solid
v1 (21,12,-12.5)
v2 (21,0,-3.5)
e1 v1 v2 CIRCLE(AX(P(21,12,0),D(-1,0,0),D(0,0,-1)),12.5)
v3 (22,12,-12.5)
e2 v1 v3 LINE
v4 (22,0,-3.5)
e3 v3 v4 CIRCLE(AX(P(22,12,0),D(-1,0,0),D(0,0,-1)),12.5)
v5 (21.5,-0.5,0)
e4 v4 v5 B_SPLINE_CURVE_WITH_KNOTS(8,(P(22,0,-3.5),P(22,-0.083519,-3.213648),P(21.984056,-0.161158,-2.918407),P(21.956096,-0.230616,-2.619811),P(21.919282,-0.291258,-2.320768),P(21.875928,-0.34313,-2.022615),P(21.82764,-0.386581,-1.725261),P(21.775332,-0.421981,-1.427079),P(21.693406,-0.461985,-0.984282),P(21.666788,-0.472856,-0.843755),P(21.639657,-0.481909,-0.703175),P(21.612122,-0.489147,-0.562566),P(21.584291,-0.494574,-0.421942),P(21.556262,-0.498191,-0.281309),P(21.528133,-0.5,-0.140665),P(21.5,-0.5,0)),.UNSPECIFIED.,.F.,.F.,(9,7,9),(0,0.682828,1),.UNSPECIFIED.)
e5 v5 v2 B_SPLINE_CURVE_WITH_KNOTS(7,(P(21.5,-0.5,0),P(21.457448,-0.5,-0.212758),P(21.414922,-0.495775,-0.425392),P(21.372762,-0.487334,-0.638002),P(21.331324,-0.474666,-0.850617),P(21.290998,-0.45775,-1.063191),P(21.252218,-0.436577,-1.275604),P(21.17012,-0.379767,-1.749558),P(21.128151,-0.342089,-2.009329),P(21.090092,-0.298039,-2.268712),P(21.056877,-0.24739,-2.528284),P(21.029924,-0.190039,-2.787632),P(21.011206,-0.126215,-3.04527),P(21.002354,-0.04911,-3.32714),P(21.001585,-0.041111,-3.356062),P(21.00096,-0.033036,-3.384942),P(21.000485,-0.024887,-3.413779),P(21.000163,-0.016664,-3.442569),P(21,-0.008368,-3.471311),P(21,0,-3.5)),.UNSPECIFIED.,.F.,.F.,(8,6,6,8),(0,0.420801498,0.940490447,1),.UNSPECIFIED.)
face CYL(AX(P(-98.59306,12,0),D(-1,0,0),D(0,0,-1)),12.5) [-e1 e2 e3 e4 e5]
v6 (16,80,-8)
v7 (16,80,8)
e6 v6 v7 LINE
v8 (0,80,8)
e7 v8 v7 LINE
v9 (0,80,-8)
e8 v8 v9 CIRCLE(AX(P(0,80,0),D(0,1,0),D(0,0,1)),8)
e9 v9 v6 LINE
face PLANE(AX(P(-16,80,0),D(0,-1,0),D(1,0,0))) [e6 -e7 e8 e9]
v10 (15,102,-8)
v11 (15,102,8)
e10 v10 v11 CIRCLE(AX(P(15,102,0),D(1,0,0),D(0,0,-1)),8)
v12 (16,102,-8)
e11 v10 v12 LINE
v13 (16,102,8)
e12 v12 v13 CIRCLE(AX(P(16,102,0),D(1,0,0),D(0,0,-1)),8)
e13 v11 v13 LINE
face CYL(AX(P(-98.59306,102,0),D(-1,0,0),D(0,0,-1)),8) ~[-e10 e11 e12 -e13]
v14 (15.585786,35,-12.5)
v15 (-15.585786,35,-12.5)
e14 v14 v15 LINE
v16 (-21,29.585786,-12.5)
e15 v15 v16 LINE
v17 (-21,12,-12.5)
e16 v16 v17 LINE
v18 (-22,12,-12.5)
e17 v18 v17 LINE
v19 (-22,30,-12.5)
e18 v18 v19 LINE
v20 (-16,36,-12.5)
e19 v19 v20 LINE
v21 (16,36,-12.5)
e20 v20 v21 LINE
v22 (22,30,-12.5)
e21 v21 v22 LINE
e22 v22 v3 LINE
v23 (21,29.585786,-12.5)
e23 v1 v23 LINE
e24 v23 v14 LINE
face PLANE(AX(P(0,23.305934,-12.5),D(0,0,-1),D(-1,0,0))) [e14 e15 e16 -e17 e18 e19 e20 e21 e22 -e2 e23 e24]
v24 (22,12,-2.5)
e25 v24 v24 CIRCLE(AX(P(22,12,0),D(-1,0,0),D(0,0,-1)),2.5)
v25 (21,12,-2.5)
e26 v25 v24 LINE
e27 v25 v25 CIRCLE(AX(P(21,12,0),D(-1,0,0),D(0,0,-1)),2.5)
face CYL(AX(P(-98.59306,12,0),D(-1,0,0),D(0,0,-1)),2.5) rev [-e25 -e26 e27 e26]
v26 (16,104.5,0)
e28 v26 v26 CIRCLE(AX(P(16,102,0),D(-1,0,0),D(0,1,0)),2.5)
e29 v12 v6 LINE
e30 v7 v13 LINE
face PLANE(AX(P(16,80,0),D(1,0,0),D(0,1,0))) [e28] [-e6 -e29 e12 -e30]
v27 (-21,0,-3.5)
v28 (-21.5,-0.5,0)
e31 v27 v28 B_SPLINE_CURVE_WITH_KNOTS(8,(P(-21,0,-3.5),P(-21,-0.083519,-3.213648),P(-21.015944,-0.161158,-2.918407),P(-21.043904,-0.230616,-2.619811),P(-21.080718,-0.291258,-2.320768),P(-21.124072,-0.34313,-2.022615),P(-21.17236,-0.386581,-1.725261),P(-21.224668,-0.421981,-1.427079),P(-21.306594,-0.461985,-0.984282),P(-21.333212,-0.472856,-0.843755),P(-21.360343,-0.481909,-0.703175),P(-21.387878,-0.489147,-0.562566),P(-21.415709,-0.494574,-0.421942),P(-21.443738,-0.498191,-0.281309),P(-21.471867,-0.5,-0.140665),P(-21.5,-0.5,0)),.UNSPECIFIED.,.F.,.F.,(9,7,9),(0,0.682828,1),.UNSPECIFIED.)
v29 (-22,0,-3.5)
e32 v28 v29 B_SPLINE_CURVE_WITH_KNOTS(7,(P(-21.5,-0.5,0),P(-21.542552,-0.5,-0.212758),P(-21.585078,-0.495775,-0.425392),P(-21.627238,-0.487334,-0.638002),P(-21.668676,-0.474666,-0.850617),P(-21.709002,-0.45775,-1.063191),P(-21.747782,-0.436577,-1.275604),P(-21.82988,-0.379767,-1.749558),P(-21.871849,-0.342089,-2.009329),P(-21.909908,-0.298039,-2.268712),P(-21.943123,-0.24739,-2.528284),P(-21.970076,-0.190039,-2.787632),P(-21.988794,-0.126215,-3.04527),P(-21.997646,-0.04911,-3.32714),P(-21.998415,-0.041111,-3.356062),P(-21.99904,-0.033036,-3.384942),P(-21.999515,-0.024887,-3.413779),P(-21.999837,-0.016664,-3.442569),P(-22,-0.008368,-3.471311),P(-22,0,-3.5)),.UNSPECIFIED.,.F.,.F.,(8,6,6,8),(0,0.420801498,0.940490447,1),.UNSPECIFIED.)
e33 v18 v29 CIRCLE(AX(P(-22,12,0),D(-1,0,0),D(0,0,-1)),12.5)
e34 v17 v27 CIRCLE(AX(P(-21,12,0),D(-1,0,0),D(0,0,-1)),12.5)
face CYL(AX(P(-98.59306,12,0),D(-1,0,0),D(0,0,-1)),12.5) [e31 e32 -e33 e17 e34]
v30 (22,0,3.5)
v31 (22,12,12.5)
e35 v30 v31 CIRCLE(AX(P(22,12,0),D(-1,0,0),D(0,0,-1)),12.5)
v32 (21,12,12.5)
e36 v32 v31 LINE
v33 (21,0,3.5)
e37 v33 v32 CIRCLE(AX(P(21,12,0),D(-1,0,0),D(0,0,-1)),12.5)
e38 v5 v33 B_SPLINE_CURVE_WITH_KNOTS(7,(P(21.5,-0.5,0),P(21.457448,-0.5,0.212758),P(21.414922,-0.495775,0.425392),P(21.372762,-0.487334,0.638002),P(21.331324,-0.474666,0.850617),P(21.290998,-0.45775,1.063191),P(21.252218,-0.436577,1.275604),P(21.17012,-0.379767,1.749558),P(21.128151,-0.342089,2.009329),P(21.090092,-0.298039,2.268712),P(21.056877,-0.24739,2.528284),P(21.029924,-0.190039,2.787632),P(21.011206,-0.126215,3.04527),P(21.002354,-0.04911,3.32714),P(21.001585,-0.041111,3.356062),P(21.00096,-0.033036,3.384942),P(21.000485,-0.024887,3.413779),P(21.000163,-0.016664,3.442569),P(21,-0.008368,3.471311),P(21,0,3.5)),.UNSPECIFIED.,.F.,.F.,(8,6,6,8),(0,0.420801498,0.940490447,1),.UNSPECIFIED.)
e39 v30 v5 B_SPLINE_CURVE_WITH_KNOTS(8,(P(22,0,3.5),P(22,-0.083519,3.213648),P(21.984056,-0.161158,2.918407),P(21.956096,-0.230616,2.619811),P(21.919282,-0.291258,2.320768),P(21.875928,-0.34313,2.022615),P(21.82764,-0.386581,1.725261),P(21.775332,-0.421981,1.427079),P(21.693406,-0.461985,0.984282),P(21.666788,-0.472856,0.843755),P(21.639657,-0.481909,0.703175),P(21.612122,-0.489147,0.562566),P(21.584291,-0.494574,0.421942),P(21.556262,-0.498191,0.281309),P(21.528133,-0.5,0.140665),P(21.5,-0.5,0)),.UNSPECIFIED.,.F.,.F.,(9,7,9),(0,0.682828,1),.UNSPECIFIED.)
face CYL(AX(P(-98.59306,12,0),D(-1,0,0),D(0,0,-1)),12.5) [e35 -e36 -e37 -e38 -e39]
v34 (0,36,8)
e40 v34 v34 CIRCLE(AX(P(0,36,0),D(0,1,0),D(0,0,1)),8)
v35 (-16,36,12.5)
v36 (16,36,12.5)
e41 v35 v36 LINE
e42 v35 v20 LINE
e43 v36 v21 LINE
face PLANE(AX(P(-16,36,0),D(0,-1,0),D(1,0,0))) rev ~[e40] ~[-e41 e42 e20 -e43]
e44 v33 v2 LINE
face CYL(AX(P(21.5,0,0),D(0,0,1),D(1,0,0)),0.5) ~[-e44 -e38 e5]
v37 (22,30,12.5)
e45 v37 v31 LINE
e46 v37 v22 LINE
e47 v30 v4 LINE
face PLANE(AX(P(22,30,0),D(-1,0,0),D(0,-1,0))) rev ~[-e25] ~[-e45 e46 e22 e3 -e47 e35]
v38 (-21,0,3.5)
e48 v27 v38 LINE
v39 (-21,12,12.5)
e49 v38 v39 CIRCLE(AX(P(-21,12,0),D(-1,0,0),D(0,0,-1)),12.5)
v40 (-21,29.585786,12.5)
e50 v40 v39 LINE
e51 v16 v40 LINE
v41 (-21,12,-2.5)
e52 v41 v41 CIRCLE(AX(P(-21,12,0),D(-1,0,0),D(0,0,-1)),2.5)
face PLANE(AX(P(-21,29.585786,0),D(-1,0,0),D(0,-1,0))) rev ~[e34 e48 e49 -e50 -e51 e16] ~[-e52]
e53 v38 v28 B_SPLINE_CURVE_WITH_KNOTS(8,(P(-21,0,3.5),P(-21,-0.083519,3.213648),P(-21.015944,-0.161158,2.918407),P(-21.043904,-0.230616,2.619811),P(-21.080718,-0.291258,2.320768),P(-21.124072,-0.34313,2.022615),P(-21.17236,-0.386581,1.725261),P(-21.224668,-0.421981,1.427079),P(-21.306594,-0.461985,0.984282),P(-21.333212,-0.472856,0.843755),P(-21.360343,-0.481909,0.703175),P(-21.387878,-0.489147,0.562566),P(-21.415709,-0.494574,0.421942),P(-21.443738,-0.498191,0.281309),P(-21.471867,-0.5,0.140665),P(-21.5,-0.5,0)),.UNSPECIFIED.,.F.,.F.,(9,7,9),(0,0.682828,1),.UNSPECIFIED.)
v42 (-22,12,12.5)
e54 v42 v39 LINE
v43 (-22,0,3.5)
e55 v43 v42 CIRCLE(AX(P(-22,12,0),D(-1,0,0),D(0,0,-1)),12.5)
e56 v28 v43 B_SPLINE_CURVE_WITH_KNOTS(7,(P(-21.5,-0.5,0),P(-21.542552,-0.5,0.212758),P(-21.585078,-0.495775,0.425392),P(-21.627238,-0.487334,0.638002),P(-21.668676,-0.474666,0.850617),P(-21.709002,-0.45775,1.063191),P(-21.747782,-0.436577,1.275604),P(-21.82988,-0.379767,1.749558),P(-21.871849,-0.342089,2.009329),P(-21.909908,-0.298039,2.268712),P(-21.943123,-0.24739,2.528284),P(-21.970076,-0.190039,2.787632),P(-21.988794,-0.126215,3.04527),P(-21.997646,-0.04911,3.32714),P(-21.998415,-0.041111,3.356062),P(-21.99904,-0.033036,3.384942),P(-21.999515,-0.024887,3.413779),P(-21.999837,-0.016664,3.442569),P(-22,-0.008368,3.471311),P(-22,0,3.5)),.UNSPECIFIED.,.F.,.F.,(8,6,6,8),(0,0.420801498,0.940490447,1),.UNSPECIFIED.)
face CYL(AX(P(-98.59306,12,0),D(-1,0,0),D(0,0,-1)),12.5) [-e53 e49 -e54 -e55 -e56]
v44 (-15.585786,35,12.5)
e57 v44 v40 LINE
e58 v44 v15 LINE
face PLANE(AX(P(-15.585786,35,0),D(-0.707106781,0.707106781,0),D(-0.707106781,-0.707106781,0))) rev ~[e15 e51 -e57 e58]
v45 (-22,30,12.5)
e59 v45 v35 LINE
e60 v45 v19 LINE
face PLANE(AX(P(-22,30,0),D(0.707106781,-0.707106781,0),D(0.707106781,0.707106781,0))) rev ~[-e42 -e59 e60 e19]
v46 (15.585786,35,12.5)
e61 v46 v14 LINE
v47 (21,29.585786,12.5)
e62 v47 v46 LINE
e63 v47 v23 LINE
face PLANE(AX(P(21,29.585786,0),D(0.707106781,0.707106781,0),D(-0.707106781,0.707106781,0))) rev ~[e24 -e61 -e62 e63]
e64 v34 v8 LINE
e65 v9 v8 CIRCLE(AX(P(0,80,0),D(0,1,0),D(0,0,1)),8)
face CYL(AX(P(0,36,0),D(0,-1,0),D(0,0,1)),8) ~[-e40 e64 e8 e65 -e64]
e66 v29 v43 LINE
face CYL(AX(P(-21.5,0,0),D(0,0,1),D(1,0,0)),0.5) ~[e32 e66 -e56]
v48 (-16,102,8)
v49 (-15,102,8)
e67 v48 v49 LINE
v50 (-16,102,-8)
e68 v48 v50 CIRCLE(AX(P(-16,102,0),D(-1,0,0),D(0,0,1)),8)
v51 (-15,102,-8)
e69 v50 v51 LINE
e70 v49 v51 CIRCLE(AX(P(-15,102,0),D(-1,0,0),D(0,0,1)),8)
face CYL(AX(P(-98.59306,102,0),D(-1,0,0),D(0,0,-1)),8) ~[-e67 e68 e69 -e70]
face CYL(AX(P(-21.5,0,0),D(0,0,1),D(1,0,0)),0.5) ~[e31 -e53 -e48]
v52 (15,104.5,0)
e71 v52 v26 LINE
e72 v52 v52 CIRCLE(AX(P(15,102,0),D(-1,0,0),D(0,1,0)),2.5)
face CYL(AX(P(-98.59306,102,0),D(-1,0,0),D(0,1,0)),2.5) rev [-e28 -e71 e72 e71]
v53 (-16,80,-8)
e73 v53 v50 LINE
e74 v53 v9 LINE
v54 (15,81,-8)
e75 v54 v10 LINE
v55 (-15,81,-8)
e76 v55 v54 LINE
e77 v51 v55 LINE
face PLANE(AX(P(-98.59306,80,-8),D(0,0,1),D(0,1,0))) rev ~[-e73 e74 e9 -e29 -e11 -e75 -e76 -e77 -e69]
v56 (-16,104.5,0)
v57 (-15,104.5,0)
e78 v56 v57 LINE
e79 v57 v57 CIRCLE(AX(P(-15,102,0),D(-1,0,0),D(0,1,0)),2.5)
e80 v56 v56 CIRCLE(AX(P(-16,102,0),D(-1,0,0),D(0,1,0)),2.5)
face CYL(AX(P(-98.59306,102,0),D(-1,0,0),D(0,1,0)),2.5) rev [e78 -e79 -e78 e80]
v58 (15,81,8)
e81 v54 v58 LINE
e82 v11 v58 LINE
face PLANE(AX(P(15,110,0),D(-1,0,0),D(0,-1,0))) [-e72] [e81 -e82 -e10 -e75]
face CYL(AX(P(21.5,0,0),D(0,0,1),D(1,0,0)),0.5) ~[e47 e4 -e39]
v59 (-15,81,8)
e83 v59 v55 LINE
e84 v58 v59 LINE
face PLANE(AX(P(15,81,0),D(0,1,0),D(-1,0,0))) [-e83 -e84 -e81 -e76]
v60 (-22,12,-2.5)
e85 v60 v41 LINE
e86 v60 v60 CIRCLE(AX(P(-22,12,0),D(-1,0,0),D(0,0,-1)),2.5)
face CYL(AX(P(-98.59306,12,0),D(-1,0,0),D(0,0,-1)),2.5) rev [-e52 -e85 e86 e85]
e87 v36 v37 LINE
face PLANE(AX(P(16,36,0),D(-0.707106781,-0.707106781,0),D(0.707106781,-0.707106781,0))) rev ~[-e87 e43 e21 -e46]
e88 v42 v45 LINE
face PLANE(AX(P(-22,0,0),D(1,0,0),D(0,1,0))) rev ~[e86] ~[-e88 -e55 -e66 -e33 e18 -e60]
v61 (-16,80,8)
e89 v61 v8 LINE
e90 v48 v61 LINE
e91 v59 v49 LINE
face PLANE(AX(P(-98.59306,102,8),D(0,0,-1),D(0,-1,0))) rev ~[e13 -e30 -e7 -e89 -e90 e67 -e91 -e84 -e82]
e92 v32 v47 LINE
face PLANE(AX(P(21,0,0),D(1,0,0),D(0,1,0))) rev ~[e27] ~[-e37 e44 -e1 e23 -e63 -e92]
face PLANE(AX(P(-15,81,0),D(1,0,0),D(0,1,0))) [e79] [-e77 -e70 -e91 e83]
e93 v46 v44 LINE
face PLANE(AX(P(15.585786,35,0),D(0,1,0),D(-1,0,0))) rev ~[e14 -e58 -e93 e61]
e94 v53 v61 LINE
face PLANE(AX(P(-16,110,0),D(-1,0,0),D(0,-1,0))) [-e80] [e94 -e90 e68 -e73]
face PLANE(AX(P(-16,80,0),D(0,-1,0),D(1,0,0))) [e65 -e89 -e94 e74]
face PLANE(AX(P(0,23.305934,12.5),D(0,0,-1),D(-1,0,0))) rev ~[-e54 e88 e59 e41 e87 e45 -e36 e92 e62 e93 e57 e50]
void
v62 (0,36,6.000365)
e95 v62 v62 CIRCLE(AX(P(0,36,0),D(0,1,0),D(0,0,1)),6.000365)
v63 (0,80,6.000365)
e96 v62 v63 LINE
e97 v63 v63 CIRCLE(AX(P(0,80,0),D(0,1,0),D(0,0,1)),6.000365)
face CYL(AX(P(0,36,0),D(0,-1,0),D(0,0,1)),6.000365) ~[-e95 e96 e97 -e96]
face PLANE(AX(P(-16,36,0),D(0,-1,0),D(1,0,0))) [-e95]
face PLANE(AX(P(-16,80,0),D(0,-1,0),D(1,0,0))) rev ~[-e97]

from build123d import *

# Parameters (mm, degrees)
BOSS_EXTRUDE1_DEPTH     = 12.5
BOSS_EXTRUDE1_2_DEPTH   = 12.5
CUT_EXTRUDE1_DEPTH      = 120.593059999
CUT_EXTRUDE1_DEPTH_BACK = 120.593059999
SKETCH3_R               = 2.5
SKETCH4_R               = 8
SKETCH4_R_2             = 6.000365116
BOSS_EXTRUDE2_DEPTH     = 44


with BuildPart() as part:
    # Sketch1 → Boss-Extrude1 (new, symmetric)
    with BuildSketch(Plane.XY):
        with BuildLine():
            Line((-16, 110), (-16, 80))
            Line((-16, 80), (16, 80))
            Line((16, 80), (16, 110))
            ThreePointArc((16, 110), (15.5, 110.5), (15, 110))
            Line((15, 110), (15, 81))
            Line((15, 81), (-15, 81))
            Line((-15, 81), (-15, 110))
            ThreePointArc((-15, 110), (-15.5, 110.5), (-16, 110))
        make_face()
    extrude(amount=BOSS_EXTRUDE1_DEPTH, both=True)


with BuildPart() as body_2:
    # Sketch1 → Boss-Extrude1 2 (new, symmetric)
    with BuildSketch(Plane.XY):
        with BuildLine():
            Line((-22, 0), (-22, 30))
            Line((-22, 30), (-16, 36))
            Line((-16, 36), (16, 36))
            Line((16, 36), (22, 30))
            Line((22, 30), (22, 0))
            ThreePointArc((22, 0), (21.5, -0.5), (21, 0))
            Line((21, 0), (21, 29.585786438))
            Line((21, 29.585786438), (15.585786438, 35))
            Line((15.585786438, 35), (-15.585786438, 35))
            Line((-15.585786438, 35), (-21, 29.585786438))
            Line((-21, 29.585786438), (-21, 0))
            ThreePointArc((-21, 0), (-21.5, -0.5), (-22, 0))
        make_face()
    extrude(amount=BOSS_EXTRUDE1_2_DEPTH, both=True)


with BuildPart() as cut_extrude1_tool:
    # Sketch3 → Cut-Extrude1 (new, two sides: drawn at the far end of the back side and taken through both)
    with BuildSketch(Plane(origin=(22, 0, 0), x_dir=(0, 0, -1), z_dir=(1, 0, 0)).offset(-CUT_EXTRUDE1_DEPTH_BACK)):
        with Locations(Location((0, 102, 0), (0, 0, 90))):
            Circle(SKETCH3_R)
        with Locations((0, 12)):
            Circle(SKETCH3_R)
        with BuildLine():
            Line((8, 80), (8, 102))
            ThreePointArc((8, 102), (0, 110), (-8, 102))
            Line((-8, 102), (-8, 80))
            Line((-8, 80), (-12.5, 80))
            Line((-12.5, 80), (-12.5, 110.5))
            Line((-12.5, 110.5), (12.5, 110.5))
            Line((12.5, 110.5), (12.5, 80))
            Line((12.5, 80), (8, 80))
        make_face()
        with BuildLine():
            Line((-12.5, 12), (-12.5, 36))
            Line((-12.5, 36), (-17.5, 36))
            Line((-17.5, 36), (-17.5, -4))
            Line((-17.5, -4), (17.5, -4))
            Line((17.5, -4), (17.5, 36))
            Line((17.5, 36), (12.5, 36))
            Line((12.5, 36), (12.5, 12))
            ThreePointArc((12.5, 12), (0, -0.5), (-12.5, 12))
        make_face()
    extrude(amount=CUT_EXTRUDE1_DEPTH + CUT_EXTRUDE1_DEPTH_BACK)


with BuildPart() as part_1:
    add(part.part)

    # Cut-Extrude1: cut by cut_extrude1_tool
    add(cut_extrude1_tool.part, mode=Mode.SUBTRACT)



with BuildPart() as body_2_1:
    add(body_2.part)

    # Cut-Extrude1: cut by cut_extrude1_tool
    add(cut_extrude1_tool.part, mode=Mode.SUBTRACT)


with BuildPart() as part_2:
    add(part_1.part)

    add(body_2_1.part)  # Boss-Extrude2 merges body 2
    # Sketch4 → Boss-Extrude2 (add)
    with BuildSketch(Plane(origin=(0, 36, 0), x_dir=(1, 0, 0), z_dir=(0, 1, 0))):
        with Locations(Location((0, 0, 0), (0, 0, 270))):
            Circle(SKETCH4_R)
        with Locations(Location((0, 0, 0), (0, 0, 270))):
            Circle(SKETCH4_R_2, mode=Mode.SUBTRACT)
    extrude(amount=BOSS_EXTRUDE2_DEPTH)


solid = part_2.part
